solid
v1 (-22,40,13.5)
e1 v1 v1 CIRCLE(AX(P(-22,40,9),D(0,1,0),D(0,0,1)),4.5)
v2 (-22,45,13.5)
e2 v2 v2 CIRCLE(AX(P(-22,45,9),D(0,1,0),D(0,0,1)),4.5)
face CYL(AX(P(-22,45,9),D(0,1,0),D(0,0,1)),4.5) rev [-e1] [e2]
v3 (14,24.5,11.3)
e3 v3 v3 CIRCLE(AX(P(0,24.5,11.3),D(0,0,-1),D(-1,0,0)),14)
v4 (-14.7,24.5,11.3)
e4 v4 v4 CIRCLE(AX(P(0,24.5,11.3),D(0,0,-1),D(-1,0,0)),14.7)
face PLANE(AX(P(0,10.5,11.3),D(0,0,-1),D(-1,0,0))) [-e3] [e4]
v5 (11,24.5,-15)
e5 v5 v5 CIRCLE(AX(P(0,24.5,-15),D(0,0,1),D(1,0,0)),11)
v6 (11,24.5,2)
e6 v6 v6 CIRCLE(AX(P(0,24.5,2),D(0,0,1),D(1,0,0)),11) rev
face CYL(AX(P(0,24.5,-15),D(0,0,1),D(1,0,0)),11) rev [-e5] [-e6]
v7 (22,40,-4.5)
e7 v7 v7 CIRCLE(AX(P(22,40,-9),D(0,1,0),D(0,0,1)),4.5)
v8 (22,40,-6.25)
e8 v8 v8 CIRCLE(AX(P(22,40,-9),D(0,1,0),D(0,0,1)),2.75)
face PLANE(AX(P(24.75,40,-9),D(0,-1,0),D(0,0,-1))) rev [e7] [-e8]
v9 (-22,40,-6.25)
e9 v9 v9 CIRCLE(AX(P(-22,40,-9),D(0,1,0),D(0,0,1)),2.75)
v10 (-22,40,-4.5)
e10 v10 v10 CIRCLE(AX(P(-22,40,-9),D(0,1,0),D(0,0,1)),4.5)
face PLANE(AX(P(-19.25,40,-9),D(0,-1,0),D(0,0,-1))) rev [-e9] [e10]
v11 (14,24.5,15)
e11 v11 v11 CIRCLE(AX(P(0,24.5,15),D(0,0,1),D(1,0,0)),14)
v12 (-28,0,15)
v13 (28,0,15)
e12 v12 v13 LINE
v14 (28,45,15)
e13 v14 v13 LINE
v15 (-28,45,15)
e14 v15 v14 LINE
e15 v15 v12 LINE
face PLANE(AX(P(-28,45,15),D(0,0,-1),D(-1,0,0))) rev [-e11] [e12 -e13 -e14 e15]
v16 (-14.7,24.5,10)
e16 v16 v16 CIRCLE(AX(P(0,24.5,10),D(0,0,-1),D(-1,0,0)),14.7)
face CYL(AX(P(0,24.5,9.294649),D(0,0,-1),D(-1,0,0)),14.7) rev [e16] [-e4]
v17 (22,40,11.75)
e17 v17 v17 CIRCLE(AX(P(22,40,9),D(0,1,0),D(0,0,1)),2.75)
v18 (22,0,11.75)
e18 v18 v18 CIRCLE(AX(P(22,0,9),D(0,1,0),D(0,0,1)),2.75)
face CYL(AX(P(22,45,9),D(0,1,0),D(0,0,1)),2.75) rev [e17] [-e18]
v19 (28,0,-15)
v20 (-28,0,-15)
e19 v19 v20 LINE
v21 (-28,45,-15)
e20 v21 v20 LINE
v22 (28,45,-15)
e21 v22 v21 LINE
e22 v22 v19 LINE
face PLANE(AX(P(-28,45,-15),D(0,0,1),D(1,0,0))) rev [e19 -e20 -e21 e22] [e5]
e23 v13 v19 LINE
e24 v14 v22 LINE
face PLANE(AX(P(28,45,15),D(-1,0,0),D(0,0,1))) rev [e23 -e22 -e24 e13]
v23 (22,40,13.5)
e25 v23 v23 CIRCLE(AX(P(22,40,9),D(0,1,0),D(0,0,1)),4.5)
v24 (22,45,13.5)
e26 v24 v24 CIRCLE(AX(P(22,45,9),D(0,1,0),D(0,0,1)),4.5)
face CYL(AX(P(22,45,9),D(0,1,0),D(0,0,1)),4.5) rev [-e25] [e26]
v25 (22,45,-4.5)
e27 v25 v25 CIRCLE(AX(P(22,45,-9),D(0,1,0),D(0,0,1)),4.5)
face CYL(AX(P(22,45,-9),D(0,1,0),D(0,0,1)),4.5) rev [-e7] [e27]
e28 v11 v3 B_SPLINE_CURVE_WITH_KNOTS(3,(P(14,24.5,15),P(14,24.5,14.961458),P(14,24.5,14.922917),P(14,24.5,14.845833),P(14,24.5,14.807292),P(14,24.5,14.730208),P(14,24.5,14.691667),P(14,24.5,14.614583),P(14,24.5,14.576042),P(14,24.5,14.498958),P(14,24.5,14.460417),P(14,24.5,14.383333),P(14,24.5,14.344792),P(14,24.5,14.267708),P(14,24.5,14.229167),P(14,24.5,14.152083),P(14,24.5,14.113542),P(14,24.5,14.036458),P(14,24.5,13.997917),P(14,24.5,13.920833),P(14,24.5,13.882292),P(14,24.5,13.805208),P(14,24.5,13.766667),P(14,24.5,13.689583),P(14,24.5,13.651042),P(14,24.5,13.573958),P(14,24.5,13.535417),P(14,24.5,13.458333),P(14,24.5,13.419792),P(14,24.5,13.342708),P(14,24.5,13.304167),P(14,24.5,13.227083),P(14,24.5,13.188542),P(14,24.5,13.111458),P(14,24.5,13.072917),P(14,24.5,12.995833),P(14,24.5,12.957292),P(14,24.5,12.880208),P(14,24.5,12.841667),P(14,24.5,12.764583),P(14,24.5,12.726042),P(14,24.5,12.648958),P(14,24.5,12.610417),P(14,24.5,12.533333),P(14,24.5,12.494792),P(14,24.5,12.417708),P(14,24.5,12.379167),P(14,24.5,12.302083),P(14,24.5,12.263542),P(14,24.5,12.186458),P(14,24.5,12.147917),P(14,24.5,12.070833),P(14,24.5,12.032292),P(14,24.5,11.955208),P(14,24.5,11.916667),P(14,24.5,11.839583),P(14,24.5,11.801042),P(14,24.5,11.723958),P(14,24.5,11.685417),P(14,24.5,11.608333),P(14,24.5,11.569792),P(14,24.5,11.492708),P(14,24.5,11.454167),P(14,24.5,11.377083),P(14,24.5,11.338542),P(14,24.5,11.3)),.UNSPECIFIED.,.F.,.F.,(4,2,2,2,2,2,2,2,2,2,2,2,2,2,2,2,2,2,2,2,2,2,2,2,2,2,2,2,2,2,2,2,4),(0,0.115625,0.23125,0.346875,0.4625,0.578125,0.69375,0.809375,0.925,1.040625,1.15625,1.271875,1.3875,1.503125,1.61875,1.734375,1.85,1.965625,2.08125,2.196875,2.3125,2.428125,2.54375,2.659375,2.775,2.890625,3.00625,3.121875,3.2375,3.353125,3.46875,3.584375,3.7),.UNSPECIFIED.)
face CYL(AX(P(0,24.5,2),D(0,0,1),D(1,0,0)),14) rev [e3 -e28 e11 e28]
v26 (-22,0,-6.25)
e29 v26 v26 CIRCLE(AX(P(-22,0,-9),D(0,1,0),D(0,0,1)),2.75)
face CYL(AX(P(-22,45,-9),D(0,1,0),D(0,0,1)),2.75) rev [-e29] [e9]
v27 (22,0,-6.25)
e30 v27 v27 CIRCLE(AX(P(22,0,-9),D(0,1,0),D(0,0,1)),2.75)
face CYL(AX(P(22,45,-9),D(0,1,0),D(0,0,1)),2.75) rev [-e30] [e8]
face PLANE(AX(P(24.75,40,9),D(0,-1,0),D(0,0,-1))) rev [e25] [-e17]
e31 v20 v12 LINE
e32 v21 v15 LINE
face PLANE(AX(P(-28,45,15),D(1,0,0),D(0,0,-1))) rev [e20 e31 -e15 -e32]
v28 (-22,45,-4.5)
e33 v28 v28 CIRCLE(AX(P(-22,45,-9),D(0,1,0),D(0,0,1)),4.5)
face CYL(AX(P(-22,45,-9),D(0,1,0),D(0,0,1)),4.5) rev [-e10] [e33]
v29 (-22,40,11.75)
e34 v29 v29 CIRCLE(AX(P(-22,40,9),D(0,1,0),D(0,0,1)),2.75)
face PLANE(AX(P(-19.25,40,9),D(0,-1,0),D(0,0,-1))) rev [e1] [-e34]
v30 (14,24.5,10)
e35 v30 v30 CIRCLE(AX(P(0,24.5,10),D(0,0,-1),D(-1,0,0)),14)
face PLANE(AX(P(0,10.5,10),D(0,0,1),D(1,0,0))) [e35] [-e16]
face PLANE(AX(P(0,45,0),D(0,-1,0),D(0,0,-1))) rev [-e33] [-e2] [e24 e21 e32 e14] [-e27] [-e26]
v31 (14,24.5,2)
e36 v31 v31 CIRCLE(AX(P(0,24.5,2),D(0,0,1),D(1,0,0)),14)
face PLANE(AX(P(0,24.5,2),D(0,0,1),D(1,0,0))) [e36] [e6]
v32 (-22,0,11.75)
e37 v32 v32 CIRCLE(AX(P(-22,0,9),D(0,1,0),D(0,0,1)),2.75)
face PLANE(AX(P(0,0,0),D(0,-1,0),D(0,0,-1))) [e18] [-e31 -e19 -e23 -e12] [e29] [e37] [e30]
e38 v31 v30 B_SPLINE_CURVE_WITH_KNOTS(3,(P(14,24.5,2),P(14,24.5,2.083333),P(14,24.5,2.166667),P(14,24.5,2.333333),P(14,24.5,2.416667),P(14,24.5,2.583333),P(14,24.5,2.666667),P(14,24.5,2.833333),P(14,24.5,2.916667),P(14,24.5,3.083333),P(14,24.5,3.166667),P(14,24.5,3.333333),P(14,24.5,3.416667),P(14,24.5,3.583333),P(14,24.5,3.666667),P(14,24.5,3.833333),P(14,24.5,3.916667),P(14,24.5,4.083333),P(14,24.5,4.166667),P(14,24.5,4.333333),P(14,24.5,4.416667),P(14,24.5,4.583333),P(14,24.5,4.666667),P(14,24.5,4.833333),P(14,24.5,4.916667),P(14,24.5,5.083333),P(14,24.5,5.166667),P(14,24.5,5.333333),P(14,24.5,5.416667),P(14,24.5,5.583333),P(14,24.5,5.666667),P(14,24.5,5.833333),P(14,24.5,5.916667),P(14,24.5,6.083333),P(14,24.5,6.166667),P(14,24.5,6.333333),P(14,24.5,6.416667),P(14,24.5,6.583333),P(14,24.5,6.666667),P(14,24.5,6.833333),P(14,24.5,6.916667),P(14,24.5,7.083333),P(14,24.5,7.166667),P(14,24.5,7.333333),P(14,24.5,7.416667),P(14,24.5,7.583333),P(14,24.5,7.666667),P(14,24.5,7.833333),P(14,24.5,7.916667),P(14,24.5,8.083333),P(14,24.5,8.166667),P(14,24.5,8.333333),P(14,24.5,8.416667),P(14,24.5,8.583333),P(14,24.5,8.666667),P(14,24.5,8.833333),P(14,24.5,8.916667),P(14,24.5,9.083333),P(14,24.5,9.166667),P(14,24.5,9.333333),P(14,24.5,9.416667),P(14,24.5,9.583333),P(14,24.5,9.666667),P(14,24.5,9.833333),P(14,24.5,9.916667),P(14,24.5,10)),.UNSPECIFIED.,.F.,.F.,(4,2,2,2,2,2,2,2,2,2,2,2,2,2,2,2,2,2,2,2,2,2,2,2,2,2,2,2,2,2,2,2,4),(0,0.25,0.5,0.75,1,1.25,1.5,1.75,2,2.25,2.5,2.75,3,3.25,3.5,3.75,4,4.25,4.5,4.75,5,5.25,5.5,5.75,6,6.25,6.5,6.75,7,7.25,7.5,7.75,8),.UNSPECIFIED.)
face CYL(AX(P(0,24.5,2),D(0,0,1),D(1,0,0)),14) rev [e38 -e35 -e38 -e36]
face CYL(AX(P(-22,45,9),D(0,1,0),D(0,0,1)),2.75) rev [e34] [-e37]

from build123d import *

# Parameters (mm, degrees)
SZKIC1_W                                             = 56
SZKIC1_H                                             = 30
DODANIE_WYCI_GNI_CIE1_DEPTH                          = 45
SZKIC3_R                                             = 11
WYTNIJ_WYCI_GNI_CIE2_DEPTH                           = 61.901559914
SZKIC4_R                                             = 14
WYTNIJ_WYCI_GNI_CIE3_DEPTH                           = 13
POG_BIENIE_WALCOWE_POD_M5_WKR_T_DO_CZ_CI_D           = 5.5
POG_BIENIE_WALCOWE_POD_M5_WKR_T_DO_CZ_CI_CBORE_D     = 9
POG_BIENIE_WALCOWE_POD_M5_WKR_T_DO_CZ_CI_CBORE_DEPTH = 5
SZKIC5_W                                             = 1.3
SZKIC5_H                                             = 0.7


with BuildPart() as part:
    # Szkic1 → Dodanie-wyciągnięcie1 (new body)
    with BuildSketch(Plane(origin=(0, 0, 0), x_dir=(1, 0, 0), z_dir=(0, 1, 0))):
        Rectangle(SZKIC1_W, SZKIC1_H)
    extrude(amount=DODANIE_WYCI_GNI_CIE1_DEPTH)

    # Szkic3 → Wytnij-wyciągnięcie2 (cut, through all)
    with BuildSketch(Plane.XY.offset(15)):
        with Locations((0, 24.5)):
            Circle(SZKIC3_R)
    extrude(amount=-WYTNIJ_WYCI_GNI_CIE2_DEPTH, mode=Mode.SUBTRACT)

    # Szkic4 → Wytnij-wyciągnięcie3 (cut)
    with BuildSketch(Plane.XY.offset(15)):
        with Locations((0, 24.5)):
            Circle(SZKIC4_R)
    extrude(amount=-WYTNIJ_WYCI_GNI_CIE3_DEPTH, mode=Mode.SUBTRACT)

    # Pogłębienie walcowe pod M5 Wkręt do części metalowych z łbem sześciokątnym1 (through all)
    with Locations(Plane(origin=(0, 45, 0), x_dir=(1, 0, 0), z_dir=(0, 1, 0))):
        with Locations((22, 9), (22, -9), (-22, -9), (-22, 9)):
            CounterBoreHole(POG_BIENIE_WALCOWE_POD_M5_WKR_T_DO_CZ_CI_D / 2, POG_BIENIE_WALCOWE_POD_M5_WKR_T_DO_CZ_CI_CBORE_D / 2, POG_BIENIE_WALCOWE_POD_M5_WKR_T_DO_CZ_CI_CBORE_DEPTH)

    # Szkic5 → Wycięcie-obrót1 (revolve, cut)
    with BuildSketch(Plane(origin=(0, 0, 0), x_dir=(0, 0, -1), z_dir=(1, 0, 0)), mode=Mode.PRIVATE) as wyci_cie_obr_t1_sk:
        with Locations((-10.65, 10.15)):
            Rectangle(SZKIC5_W, SZKIC5_H)
    revolve(wyci_cie_obr_t1_sk.sketch.rotate(Axis((0, 24.5, 9.294649117), (0, 0, 1)), 90), axis=Axis((0, 24.5, 9.294649117), (0, 0, 1)), mode=Mode.SUBTRACT)


solid = part.part
